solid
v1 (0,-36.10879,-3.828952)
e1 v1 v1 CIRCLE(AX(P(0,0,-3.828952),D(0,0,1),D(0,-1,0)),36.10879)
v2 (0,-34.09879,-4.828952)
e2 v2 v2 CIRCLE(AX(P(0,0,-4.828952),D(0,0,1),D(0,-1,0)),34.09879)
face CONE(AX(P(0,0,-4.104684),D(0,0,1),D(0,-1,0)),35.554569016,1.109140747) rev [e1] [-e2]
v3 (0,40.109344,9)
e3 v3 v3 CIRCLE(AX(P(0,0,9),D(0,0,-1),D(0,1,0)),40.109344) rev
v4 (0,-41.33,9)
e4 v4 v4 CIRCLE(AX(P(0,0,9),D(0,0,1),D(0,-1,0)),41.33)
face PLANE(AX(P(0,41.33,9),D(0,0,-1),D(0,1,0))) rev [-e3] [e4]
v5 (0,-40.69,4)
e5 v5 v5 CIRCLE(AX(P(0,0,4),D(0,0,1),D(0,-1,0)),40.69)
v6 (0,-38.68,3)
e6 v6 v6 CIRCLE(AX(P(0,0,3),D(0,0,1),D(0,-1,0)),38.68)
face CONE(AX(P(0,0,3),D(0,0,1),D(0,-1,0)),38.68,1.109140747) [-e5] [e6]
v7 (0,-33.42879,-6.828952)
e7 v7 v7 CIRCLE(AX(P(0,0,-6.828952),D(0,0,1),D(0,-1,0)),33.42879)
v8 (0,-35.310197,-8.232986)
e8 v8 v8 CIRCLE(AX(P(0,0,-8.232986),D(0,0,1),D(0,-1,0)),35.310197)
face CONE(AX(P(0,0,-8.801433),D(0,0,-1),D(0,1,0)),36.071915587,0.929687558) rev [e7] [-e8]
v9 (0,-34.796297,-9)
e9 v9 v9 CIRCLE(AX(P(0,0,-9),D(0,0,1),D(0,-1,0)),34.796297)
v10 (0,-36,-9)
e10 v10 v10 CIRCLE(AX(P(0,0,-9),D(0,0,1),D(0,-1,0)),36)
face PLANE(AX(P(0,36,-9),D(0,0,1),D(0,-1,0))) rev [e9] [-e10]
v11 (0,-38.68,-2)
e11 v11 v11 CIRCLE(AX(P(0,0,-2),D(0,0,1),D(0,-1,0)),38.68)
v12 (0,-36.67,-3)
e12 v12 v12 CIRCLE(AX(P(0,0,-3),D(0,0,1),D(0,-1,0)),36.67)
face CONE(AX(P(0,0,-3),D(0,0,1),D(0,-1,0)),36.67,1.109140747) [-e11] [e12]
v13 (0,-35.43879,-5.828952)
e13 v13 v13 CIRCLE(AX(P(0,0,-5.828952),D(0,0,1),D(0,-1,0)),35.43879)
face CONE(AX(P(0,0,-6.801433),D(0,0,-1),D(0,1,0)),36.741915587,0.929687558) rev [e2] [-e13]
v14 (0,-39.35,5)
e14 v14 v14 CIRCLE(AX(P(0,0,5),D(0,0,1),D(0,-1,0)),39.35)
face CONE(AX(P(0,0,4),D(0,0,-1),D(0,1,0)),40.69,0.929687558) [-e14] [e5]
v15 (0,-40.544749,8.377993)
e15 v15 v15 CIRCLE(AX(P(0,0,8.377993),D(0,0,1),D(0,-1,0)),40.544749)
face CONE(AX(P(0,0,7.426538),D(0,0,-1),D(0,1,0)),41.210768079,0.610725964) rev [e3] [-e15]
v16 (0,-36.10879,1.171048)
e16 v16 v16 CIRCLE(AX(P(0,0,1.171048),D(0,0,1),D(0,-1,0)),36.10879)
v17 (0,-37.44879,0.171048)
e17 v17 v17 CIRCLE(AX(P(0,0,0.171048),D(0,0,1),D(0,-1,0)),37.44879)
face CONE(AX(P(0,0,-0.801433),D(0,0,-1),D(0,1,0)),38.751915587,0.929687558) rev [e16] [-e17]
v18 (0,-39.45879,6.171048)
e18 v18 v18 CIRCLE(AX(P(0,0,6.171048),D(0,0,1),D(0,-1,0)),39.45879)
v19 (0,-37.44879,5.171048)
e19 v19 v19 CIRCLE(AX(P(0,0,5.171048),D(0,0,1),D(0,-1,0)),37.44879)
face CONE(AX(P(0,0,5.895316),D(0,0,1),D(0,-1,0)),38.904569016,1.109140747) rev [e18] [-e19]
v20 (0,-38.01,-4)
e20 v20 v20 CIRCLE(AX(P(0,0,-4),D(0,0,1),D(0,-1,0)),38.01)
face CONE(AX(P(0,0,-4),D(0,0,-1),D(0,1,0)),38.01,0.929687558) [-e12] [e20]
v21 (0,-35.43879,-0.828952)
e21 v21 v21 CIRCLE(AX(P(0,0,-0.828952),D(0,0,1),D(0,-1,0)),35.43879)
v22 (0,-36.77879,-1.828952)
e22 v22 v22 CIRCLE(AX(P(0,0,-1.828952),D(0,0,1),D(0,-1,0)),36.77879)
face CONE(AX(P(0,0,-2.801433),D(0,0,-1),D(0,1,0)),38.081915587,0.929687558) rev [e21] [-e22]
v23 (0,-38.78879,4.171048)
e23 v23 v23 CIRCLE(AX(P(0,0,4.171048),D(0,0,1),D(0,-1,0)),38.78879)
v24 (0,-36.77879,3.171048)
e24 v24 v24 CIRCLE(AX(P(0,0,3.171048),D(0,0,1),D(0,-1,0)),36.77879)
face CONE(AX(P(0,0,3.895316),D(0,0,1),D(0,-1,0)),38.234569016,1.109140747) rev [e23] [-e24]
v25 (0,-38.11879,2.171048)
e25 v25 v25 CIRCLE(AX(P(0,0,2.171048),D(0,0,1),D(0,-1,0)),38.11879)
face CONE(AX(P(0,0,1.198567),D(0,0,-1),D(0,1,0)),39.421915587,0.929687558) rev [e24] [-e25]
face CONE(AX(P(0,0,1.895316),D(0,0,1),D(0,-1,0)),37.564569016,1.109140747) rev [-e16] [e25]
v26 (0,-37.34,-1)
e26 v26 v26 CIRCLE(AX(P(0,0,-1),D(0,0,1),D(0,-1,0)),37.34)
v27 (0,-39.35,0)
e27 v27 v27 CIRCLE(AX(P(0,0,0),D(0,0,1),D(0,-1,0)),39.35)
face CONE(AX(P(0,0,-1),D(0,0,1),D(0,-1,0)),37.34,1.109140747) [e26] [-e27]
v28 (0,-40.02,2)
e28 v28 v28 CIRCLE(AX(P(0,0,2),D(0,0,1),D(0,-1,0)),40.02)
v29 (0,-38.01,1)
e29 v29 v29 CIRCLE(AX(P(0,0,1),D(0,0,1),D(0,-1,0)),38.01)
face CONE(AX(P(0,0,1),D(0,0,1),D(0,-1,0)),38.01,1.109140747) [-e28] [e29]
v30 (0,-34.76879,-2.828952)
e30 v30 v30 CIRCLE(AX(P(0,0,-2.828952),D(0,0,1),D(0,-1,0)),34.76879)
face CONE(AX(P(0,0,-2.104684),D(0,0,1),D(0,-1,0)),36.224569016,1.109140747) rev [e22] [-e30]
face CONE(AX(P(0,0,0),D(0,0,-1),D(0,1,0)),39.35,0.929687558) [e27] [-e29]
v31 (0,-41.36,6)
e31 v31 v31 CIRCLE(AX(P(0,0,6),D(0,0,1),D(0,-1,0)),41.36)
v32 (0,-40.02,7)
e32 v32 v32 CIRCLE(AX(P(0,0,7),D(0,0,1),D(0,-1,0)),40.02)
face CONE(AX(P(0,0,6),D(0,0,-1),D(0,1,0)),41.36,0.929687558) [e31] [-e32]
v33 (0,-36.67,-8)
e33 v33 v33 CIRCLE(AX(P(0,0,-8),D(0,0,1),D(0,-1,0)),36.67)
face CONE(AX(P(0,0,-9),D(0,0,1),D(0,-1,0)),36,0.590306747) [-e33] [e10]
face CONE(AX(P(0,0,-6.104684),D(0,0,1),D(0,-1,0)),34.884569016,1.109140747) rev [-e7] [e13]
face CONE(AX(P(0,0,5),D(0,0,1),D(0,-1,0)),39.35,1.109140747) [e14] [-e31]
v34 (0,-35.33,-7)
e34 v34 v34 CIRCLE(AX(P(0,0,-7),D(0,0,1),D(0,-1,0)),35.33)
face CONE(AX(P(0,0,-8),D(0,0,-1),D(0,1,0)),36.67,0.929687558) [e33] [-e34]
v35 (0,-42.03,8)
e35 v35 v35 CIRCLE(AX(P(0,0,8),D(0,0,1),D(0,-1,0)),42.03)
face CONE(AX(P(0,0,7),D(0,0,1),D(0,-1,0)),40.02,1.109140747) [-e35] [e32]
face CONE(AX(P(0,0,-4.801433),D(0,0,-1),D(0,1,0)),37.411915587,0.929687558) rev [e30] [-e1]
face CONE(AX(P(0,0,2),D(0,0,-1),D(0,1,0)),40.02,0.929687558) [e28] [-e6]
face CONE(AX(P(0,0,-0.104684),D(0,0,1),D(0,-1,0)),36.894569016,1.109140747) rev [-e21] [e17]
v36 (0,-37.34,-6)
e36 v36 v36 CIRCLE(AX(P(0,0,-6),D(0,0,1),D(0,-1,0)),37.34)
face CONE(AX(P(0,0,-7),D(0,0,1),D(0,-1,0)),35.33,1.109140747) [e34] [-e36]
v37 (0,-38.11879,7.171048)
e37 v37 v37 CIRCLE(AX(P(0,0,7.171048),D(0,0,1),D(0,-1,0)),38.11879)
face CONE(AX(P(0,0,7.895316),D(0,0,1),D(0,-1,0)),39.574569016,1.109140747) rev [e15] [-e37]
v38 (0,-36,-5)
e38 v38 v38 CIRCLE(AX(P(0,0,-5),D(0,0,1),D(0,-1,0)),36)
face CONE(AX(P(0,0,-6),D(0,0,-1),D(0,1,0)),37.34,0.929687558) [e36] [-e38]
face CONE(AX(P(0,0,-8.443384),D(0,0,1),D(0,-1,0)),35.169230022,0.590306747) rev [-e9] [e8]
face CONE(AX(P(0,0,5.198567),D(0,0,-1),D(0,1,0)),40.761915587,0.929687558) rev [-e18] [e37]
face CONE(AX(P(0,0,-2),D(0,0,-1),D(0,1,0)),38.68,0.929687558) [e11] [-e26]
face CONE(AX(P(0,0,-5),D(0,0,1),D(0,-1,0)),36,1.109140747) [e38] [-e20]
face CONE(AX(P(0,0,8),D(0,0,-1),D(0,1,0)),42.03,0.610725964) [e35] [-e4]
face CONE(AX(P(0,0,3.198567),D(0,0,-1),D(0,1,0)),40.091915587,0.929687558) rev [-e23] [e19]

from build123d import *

# Parameters (mm, degrees)
SHELL1_T = -1


with BuildPart() as part:
    # Sketch1 → Revolve1 (revolve)
    with BuildSketch(Plane(origin=(0, 0, 0), x_dir=(0, 0, -1), z_dir=(1, 0, 0)), mode=Mode.PRIVATE) as revolve1_sk:
        Polygon((9, 36), (8, 36.67), (7, 35.33), (6, 37.34), (5, 36), (4, 38.01), (3, 36.67), (2, 38.68), (1, 37.34), (0, 39.35), (-1, 38.01), (-2, 40.02), (-3, 38.68), (-4, 40.69), (-5, 39.35), (-6, 41.36), (-7, 40.02), (-8, 42.03), (-9, 41.33), (-9, 0), (9, 0), align=None)
    revolve(revolve1_sk.sketch.rotate(Axis((0, 0, 9), (0, 0, -1)), 180), axis=Axis((0, 0, 9), (0, 0, -1)))

    # Shell1
    shell1_openings = [part.faces().sort_by_distance(p)[0] for p in [
        (0, 0, -9),
        (0, 0, 9),
    ]]
    offset(amount=SHELL1_T, openings=shell1_openings, kind=Kind.INTERSECTION)


solid = part.part
